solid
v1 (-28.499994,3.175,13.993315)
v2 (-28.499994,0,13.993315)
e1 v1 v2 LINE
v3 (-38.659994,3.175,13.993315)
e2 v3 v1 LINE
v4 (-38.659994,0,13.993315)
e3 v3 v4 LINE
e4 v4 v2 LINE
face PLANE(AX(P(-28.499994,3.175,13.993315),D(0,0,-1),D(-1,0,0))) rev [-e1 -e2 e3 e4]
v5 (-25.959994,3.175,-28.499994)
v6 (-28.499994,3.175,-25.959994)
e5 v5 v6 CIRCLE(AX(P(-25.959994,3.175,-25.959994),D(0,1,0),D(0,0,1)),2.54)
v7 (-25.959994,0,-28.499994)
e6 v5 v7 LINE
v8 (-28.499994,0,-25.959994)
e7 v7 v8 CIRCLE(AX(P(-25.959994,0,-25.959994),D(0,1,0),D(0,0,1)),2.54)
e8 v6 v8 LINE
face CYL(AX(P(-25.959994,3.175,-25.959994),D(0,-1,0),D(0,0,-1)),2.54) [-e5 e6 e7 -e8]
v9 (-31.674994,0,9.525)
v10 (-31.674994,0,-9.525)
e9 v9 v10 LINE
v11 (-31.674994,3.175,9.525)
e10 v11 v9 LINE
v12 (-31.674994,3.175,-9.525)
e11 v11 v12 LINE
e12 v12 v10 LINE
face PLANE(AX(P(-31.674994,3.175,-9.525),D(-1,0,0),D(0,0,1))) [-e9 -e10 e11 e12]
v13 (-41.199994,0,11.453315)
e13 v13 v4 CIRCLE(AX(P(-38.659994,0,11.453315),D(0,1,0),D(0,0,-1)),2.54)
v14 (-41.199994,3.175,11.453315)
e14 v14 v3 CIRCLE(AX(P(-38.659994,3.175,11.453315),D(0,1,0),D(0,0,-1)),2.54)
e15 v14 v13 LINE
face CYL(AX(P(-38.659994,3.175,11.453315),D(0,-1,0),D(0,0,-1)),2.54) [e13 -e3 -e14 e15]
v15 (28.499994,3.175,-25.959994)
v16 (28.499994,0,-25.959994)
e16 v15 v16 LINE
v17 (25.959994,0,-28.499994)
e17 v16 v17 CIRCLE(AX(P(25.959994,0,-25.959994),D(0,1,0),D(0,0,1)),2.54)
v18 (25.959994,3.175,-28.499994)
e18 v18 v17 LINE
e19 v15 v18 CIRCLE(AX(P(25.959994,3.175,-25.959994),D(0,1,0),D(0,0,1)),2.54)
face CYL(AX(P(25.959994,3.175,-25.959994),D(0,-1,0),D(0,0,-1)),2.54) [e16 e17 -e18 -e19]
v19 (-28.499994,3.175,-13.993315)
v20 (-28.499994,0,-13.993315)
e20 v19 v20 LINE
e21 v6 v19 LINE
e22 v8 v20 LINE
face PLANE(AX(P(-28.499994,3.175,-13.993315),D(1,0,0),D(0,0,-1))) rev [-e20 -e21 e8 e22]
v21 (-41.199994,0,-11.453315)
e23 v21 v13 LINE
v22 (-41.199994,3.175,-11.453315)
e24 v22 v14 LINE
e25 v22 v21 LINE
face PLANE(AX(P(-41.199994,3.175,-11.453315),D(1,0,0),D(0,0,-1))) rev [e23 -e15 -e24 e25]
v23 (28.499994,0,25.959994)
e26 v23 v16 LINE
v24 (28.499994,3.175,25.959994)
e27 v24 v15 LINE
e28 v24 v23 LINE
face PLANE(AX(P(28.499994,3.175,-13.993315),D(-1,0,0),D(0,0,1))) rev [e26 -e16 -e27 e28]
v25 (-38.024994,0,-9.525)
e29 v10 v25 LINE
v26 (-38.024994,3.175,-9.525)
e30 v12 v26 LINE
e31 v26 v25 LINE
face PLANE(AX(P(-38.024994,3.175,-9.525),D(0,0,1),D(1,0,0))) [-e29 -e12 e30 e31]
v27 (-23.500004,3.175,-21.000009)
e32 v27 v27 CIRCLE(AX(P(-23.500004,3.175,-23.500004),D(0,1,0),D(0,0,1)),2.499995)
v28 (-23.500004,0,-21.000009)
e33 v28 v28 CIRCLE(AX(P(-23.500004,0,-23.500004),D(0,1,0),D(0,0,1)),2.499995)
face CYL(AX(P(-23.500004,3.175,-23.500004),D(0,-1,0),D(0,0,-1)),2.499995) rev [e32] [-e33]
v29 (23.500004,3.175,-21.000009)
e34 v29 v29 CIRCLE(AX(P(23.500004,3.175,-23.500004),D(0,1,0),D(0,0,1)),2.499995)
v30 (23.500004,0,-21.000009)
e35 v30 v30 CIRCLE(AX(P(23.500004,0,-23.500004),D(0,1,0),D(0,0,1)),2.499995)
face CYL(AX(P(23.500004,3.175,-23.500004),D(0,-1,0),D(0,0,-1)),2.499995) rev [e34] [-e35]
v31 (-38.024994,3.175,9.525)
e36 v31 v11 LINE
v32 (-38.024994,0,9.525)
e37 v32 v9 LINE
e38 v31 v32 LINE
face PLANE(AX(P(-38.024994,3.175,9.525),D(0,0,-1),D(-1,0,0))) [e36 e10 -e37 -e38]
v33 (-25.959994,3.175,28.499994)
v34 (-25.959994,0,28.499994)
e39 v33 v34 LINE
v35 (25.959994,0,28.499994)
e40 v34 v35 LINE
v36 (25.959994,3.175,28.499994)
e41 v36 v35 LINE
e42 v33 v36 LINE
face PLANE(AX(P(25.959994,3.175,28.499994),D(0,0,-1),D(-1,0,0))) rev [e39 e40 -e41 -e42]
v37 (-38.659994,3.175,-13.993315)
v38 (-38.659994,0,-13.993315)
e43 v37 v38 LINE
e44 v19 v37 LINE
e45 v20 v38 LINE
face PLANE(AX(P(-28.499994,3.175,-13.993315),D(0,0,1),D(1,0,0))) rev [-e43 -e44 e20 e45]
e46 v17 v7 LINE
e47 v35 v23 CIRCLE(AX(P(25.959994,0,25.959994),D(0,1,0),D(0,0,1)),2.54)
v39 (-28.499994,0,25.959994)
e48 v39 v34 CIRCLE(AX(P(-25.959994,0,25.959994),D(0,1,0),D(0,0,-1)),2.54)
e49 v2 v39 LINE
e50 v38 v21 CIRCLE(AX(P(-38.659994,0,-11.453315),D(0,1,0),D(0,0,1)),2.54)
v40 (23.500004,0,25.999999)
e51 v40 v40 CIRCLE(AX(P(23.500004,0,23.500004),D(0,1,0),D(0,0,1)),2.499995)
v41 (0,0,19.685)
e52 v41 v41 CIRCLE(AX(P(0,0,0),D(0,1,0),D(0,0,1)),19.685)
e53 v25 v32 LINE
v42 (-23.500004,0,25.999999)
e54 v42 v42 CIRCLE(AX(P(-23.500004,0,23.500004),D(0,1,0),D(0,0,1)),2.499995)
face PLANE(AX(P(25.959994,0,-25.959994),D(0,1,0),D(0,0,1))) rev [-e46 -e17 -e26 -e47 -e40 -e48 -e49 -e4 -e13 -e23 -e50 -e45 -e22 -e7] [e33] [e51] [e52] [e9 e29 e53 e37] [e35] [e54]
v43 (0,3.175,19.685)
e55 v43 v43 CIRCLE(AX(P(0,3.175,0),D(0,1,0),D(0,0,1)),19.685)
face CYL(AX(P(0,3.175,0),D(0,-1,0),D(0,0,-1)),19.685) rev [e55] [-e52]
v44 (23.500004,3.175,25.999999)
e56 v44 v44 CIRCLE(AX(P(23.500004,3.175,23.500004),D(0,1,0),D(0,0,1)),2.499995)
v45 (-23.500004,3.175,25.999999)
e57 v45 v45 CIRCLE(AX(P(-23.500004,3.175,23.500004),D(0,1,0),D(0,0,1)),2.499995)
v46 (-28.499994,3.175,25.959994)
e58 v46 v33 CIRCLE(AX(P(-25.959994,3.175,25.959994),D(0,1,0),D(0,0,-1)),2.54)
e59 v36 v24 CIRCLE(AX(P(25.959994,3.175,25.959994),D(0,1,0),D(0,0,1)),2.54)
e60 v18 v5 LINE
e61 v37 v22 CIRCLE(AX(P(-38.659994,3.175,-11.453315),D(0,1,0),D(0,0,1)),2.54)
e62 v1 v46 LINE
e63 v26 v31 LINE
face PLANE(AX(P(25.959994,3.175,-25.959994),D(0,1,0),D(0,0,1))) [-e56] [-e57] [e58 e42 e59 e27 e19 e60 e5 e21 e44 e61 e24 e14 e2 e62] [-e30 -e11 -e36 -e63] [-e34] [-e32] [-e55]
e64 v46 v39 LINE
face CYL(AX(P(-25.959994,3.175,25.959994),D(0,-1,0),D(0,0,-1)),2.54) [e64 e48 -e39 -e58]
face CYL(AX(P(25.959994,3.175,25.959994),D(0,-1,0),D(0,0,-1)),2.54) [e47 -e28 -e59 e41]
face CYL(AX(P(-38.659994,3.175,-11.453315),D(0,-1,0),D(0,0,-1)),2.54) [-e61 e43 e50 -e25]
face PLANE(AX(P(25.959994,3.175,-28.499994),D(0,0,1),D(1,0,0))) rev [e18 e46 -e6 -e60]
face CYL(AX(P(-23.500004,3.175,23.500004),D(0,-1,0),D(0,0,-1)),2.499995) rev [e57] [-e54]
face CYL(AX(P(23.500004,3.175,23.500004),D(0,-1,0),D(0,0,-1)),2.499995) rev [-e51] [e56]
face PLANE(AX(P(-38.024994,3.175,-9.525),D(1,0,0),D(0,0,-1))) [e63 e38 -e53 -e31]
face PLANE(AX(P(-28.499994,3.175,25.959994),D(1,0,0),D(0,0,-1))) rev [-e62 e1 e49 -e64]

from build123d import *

# Parameters (mm, degrees)
SKETCH1_R           = 19.685
SKETCH1_R_2         = 2.499995
SKETCH1_W           = 6.35
SKETCH1_H           = 19.05
BOSS_EXTRUDE1_DEPTH = 3.175


with BuildPart() as part:
    # Sketch1 → Boss-Extrude1 (new body)
    with BuildSketch(Plane(origin=(0, 0, 0), x_dir=(1, 0, 0), z_dir=(0, 1, 0))):
        with BuildLine():
            Line((-13.993314597, 28.4999938), (-25.9599938, 28.4999938))
            ThreePointArc((-25.9599938, 28.4999938), (-27.756045024, 27.756045024), (-28.4999938, 25.9599938))
            Line((-28.4999938, 25.9599938), (-28.4999938, 13.993314597))
            Line((-28.4999938, 13.993314597), (-38.6599938, 13.993314597))
            ThreePointArc((-38.6599938, 13.993314597), (-40.456045024, 13.249365821), (-41.1999938, 11.453314597))
            Line((-41.1999938, 11.453314597), (-41.1999938, -11.453314597))
            ThreePointArc((-41.1999938, -11.453314597), (-40.456045024, -13.249365821), (-38.6599938, -13.993314597))
            Line((-38.6599938, -13.993314597), (-28.4999938, -13.993314597))
            Line((-28.4999938, -13.993314597), (-28.4999938, -25.9599938))
            ThreePointArc((-28.4999938, -25.9599938), (-27.756045024, -27.756045024), (-25.9599938, -28.4999938))
            Line((-25.9599938, -28.4999938), (-13.993314597, -28.4999938))
            Line((-13.993314597, -28.4999938), (13.993314597, -28.4999938))
            Line((13.993314597, -28.4999938), (25.9599938, -28.4999938))
            ThreePointArc((25.9599938, -28.4999938), (27.756045024, -27.756045024), (28.4999938, -25.9599938))
            Line((28.4999938, -25.9599938), (28.4999938, -13.993314597))
            Line((28.4999938, -13.993314597), (28.4999938, 13.993314597))
            Line((28.4999938, 13.993314597), (28.4999938, 25.9599938))
            ThreePointArc((28.4999938, 25.9599938), (27.756045024, 27.756045024), (25.9599938, 28.4999938))
            Line((25.9599938, 28.4999938), (13.993314597, 28.4999938))
            Line((13.993314597, 28.4999938), (-13.993314597, 28.4999938))
        make_face()
        Circle(SKETCH1_R, mode=Mode.SUBTRACT)
        with Locations((-23.5000038, 23.5000038)):
            Circle(SKETCH1_R_2, mode=Mode.SUBTRACT)
        with Locations((23.5000038, 23.5000038)):
            Circle(SKETCH1_R_2, mode=Mode.SUBTRACT)
        with Locations((23.5000038, -23.5000038)):
            Circle(SKETCH1_R_2, mode=Mode.SUBTRACT)
        with Locations((-23.5000038, -23.5000038)):
            Circle(SKETCH1_R_2, mode=Mode.SUBTRACT)
        with Locations((-34.8499938, 0)):
            Rectangle(SKETCH1_W, SKETCH1_H, mode=Mode.SUBTRACT)
    extrude(amount=BOSS_EXTRUDE1_DEPTH)


solid = part.part
